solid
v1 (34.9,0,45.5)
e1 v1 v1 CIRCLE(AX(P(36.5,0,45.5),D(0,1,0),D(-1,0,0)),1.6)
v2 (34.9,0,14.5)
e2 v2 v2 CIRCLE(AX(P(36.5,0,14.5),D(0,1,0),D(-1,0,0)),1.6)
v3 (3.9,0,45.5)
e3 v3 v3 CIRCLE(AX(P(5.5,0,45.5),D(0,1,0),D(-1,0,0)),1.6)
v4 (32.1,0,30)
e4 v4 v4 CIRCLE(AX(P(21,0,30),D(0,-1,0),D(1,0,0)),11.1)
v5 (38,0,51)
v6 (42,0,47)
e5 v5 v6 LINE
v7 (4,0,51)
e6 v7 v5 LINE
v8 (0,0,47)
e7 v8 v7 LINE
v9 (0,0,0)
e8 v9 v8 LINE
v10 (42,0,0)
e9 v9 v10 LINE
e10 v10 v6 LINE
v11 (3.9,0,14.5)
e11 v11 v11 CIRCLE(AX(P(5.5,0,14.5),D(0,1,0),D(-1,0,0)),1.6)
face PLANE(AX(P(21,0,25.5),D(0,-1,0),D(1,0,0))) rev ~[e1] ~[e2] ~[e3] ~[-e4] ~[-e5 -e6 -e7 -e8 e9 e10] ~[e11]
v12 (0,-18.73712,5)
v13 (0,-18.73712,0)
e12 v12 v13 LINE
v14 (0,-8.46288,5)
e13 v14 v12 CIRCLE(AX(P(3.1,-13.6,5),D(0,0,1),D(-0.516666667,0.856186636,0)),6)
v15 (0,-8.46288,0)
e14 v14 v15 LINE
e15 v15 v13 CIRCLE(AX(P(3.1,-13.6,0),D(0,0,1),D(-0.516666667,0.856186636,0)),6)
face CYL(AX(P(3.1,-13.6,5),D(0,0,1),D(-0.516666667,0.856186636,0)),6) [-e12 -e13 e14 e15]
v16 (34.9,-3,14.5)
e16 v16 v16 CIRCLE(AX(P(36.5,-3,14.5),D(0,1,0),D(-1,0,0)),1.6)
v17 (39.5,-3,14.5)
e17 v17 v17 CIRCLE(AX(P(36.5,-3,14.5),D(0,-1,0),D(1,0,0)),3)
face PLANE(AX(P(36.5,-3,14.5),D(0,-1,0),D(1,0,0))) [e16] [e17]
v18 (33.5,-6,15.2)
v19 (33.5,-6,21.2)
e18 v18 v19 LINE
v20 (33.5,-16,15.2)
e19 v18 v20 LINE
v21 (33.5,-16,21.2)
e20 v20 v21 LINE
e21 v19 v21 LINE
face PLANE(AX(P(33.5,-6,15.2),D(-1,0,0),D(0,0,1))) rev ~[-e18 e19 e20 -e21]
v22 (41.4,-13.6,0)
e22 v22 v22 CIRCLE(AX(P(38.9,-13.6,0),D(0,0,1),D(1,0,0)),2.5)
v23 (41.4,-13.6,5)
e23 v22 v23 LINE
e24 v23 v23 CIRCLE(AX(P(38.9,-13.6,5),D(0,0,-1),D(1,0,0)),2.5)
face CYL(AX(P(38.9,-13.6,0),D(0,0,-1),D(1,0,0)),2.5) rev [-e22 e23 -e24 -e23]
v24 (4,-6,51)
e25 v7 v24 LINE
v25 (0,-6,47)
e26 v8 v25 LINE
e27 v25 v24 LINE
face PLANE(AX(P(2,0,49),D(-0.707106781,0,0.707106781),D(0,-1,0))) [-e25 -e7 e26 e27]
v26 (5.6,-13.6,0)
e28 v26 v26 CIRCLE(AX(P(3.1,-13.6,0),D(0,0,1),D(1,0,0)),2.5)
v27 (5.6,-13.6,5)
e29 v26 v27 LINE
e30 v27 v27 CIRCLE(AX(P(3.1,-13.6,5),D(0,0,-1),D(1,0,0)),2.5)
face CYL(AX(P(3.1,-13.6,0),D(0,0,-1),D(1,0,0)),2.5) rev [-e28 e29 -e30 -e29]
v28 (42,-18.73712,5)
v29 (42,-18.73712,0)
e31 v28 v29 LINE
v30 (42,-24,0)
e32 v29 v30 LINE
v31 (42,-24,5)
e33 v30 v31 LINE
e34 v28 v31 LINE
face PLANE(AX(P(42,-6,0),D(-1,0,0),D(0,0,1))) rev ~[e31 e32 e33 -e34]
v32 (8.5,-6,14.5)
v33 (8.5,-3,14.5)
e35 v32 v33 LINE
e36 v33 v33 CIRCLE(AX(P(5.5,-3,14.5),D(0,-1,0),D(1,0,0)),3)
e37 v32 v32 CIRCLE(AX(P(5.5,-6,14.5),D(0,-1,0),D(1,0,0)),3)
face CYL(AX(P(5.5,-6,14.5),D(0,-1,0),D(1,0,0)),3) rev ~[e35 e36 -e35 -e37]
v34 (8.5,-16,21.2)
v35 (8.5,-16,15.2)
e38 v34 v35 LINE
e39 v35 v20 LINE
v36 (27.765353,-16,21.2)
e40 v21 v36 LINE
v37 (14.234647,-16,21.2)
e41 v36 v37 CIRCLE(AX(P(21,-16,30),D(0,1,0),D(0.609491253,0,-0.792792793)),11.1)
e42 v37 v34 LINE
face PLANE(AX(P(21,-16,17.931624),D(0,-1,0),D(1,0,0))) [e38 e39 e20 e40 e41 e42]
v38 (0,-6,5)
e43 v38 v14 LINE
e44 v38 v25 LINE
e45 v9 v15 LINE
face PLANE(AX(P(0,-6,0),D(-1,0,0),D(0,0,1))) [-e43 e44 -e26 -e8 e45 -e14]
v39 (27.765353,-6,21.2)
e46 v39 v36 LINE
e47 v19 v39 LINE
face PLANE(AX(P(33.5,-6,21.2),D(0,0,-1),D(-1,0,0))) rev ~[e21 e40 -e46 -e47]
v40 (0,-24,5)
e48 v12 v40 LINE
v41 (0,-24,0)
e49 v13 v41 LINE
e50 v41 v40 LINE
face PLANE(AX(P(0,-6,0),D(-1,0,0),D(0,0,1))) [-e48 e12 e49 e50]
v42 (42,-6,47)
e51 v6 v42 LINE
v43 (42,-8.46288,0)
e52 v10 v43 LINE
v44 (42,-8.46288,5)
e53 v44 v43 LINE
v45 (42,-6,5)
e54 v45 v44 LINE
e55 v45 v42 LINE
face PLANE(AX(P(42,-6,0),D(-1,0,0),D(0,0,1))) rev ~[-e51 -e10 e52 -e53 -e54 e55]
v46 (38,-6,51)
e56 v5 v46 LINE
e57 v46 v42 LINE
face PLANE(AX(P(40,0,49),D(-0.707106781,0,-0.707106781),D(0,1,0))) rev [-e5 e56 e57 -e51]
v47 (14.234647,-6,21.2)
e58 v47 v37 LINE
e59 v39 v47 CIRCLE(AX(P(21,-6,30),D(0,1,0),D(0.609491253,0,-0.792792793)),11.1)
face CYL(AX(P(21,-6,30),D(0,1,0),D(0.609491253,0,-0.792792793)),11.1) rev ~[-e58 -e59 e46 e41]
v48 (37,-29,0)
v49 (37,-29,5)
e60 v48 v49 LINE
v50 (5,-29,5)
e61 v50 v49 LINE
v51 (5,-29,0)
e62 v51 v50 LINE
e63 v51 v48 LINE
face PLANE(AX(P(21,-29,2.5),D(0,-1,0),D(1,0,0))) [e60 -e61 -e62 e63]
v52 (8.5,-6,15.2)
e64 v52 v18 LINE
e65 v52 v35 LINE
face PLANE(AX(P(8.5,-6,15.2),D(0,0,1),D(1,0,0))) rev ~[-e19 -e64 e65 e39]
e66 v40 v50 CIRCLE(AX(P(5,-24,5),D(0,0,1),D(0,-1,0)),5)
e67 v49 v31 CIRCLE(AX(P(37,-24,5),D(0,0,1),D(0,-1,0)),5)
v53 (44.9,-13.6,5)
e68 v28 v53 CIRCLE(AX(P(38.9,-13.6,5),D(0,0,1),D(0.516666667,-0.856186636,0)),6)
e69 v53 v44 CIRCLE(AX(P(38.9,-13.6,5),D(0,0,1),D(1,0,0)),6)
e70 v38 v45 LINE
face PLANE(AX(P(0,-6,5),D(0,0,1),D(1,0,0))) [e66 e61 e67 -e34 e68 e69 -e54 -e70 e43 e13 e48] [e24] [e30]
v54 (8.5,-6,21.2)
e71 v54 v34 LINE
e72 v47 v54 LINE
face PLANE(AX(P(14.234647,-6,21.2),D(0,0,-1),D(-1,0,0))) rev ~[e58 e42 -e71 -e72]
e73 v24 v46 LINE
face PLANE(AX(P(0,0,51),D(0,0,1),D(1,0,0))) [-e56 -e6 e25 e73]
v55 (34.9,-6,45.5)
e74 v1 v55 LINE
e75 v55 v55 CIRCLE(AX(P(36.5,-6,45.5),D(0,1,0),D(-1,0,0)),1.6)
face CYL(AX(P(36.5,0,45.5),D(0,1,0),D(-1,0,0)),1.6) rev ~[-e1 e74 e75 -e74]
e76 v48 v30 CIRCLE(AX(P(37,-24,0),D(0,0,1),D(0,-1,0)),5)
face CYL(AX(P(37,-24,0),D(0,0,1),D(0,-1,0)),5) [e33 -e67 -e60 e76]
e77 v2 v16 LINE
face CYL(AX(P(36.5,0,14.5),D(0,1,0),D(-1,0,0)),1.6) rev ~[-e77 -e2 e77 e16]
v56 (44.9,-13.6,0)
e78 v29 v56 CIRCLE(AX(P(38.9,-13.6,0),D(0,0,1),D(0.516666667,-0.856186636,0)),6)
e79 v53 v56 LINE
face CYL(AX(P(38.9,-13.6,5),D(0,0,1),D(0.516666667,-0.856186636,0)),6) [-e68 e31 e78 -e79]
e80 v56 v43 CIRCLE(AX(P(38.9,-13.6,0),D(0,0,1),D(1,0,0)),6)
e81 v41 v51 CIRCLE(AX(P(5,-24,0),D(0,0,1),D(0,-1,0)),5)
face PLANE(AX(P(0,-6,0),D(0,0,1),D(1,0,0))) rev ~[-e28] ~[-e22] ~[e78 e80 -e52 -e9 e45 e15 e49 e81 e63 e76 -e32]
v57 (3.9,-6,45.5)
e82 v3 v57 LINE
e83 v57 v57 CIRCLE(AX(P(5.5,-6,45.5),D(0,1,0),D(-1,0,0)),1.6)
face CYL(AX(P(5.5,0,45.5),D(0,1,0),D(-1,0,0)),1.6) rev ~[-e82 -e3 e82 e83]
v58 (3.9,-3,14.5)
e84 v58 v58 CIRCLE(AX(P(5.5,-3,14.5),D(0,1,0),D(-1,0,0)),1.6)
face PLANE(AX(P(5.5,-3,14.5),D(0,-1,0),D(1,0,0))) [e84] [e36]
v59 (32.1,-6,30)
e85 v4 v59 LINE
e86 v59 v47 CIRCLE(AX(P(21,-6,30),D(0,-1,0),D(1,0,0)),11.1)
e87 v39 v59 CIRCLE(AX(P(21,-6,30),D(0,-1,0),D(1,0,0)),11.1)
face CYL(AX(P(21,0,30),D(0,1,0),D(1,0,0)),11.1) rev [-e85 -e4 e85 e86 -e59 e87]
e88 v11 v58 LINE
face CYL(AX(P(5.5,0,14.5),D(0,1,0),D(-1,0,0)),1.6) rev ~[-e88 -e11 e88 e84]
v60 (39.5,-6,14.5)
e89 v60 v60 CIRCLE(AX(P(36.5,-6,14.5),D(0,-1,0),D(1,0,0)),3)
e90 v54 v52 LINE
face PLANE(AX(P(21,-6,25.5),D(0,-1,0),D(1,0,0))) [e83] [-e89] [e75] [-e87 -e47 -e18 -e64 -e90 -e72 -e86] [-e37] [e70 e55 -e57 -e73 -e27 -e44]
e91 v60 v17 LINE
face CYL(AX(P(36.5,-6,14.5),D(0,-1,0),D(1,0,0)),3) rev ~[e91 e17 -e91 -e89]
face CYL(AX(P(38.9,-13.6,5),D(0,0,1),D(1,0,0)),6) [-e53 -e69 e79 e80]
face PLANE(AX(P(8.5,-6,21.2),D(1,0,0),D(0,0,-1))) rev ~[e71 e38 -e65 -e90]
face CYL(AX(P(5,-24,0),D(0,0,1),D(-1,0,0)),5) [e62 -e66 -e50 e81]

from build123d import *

# Parameters (mm, degrees)
F0_W      = 42
F0_H      = 51
F0_R      = 11.1
F1_DEPTH  = 6
F2_SIZE   = 4
F3_W      = 42
F3_H      = 5
F4_DEPTH  = 23
F6_DEPTH  = 10
F7_R      = 1.6
F8_DEPTH  = 25
F9_R      = 2.5
F10_DEPTH = 6
F11_R     = 3
F12_DEPTH = 3
F14_DEPTH = 5
F15_R     = 5


with BuildPart() as f1:
    # F0 (on Front) → F1 (new body)
    with BuildSketch(Plane.XZ):
        with Locations((21, 25.5)):
            Rectangle(F0_W, F0_H)
        with Locations((21, 30)):
            Circle(F0_R, mode=Mode.SUBTRACT)
    extrude(amount=F1_DEPTH)

    # F2
    f2_edges = [f1.edges().sort_by_distance(p)[0] for p in [
        (0, -3, 51),
        (42, -3, 51),
    ]]
    chamfer(f2_edges, length=F2_SIZE)

    # F3 (on face) → F4 (join)
    with BuildSketch(Plane.XZ.offset(6)):
        with Locations((21, 2.5)):
            Rectangle(F3_W, F3_H)
    extrude(amount=F4_DEPTH)

    # F5 (on face) → F6 (join)
    with BuildSketch(Plane.XZ.offset(6)):
        with BuildLine():
            Line((14.2346470898, 21.2), (8.5, 21.2))
            Line((8.5, 21.2), (8.5, 15.2))
            Line((8.5, 15.2), (33.5, 15.2))
            Line((33.5, 15.2), (33.5, 21.2))
            Line((33.5, 21.2), (27.7653529102, 21.2))
            ThreePointArc((27.7653529102, 21.2), (21, 18.9), (14.2346470898, 21.2))
        make_face()
    extrude(amount=F6_DEPTH)

    # F7 (on face) → F8 (cut)
    with BuildSketch(Plane(origin=(0, 0, 0), x_dir=(-1, 0, 0), z_dir=(0, 1, 0))):
        with Locations((-36.5, 45.5)):
            Circle(F7_R)
        with Locations((-5.5, 45.5)):
            Circle(F7_R)
        with Locations((-5.5, 14.5)):
            Circle(F7_R)
        with Locations((-36.5, 14.5)):
            Circle(F7_R)
    extrude(amount=-F8_DEPTH, mode=Mode.SUBTRACT)

    # F9 (on Top) → F10 (cut)
    with BuildSketch(Plane.XY):
        with Locations((3.1, -13.6)):
            Circle(F9_R)
        with Locations((38.9, -13.6)):
            Circle(F9_R)
    extrude(amount=F10_DEPTH, mode=Mode.SUBTRACT)

    # F11 (on face) → F12 (cut)
    with BuildSketch(Plane.XZ.offset(6)):
        with Locations((5.5, 14.5)):
            Circle(F11_R)
        with Locations((36.5, 14.5)):
            Circle(F11_R)
    extrude(amount=-F12_DEPTH, mode=Mode.SUBTRACT)

    # F13 (on face) → F14 (join)
    with BuildSketch(Plane.XY.offset(5)):
        with BuildLine():
            Line((0, -18.7371198156), (0, -8.4628801844))
            ThreePointArc((0, -8.4628801844), (-2.9, -13.6), (0, -18.7371198156))
        make_face()
        with BuildLine():
            ThreePointArc((44.9, -13.6), (44.124940191, -10.6504237592), (42, -8.4628801844))
            Line((42, -8.4628801844), (42, -18.7371198156))
            ThreePointArc((42, -18.7371198156), (44.124940191, -16.5495762408), (44.9, -13.6))
        make_face()
    extrude(amount=-F14_DEPTH)

    # F15
    f15_edges = [f1.edges().sort_by_distance(p)[0] for p in [
        (0, -29, 2.5),
        (42, -29, 2.5),
    ]]
    fillet(f15_edges, radius=F15_R)


solid = f1.part
